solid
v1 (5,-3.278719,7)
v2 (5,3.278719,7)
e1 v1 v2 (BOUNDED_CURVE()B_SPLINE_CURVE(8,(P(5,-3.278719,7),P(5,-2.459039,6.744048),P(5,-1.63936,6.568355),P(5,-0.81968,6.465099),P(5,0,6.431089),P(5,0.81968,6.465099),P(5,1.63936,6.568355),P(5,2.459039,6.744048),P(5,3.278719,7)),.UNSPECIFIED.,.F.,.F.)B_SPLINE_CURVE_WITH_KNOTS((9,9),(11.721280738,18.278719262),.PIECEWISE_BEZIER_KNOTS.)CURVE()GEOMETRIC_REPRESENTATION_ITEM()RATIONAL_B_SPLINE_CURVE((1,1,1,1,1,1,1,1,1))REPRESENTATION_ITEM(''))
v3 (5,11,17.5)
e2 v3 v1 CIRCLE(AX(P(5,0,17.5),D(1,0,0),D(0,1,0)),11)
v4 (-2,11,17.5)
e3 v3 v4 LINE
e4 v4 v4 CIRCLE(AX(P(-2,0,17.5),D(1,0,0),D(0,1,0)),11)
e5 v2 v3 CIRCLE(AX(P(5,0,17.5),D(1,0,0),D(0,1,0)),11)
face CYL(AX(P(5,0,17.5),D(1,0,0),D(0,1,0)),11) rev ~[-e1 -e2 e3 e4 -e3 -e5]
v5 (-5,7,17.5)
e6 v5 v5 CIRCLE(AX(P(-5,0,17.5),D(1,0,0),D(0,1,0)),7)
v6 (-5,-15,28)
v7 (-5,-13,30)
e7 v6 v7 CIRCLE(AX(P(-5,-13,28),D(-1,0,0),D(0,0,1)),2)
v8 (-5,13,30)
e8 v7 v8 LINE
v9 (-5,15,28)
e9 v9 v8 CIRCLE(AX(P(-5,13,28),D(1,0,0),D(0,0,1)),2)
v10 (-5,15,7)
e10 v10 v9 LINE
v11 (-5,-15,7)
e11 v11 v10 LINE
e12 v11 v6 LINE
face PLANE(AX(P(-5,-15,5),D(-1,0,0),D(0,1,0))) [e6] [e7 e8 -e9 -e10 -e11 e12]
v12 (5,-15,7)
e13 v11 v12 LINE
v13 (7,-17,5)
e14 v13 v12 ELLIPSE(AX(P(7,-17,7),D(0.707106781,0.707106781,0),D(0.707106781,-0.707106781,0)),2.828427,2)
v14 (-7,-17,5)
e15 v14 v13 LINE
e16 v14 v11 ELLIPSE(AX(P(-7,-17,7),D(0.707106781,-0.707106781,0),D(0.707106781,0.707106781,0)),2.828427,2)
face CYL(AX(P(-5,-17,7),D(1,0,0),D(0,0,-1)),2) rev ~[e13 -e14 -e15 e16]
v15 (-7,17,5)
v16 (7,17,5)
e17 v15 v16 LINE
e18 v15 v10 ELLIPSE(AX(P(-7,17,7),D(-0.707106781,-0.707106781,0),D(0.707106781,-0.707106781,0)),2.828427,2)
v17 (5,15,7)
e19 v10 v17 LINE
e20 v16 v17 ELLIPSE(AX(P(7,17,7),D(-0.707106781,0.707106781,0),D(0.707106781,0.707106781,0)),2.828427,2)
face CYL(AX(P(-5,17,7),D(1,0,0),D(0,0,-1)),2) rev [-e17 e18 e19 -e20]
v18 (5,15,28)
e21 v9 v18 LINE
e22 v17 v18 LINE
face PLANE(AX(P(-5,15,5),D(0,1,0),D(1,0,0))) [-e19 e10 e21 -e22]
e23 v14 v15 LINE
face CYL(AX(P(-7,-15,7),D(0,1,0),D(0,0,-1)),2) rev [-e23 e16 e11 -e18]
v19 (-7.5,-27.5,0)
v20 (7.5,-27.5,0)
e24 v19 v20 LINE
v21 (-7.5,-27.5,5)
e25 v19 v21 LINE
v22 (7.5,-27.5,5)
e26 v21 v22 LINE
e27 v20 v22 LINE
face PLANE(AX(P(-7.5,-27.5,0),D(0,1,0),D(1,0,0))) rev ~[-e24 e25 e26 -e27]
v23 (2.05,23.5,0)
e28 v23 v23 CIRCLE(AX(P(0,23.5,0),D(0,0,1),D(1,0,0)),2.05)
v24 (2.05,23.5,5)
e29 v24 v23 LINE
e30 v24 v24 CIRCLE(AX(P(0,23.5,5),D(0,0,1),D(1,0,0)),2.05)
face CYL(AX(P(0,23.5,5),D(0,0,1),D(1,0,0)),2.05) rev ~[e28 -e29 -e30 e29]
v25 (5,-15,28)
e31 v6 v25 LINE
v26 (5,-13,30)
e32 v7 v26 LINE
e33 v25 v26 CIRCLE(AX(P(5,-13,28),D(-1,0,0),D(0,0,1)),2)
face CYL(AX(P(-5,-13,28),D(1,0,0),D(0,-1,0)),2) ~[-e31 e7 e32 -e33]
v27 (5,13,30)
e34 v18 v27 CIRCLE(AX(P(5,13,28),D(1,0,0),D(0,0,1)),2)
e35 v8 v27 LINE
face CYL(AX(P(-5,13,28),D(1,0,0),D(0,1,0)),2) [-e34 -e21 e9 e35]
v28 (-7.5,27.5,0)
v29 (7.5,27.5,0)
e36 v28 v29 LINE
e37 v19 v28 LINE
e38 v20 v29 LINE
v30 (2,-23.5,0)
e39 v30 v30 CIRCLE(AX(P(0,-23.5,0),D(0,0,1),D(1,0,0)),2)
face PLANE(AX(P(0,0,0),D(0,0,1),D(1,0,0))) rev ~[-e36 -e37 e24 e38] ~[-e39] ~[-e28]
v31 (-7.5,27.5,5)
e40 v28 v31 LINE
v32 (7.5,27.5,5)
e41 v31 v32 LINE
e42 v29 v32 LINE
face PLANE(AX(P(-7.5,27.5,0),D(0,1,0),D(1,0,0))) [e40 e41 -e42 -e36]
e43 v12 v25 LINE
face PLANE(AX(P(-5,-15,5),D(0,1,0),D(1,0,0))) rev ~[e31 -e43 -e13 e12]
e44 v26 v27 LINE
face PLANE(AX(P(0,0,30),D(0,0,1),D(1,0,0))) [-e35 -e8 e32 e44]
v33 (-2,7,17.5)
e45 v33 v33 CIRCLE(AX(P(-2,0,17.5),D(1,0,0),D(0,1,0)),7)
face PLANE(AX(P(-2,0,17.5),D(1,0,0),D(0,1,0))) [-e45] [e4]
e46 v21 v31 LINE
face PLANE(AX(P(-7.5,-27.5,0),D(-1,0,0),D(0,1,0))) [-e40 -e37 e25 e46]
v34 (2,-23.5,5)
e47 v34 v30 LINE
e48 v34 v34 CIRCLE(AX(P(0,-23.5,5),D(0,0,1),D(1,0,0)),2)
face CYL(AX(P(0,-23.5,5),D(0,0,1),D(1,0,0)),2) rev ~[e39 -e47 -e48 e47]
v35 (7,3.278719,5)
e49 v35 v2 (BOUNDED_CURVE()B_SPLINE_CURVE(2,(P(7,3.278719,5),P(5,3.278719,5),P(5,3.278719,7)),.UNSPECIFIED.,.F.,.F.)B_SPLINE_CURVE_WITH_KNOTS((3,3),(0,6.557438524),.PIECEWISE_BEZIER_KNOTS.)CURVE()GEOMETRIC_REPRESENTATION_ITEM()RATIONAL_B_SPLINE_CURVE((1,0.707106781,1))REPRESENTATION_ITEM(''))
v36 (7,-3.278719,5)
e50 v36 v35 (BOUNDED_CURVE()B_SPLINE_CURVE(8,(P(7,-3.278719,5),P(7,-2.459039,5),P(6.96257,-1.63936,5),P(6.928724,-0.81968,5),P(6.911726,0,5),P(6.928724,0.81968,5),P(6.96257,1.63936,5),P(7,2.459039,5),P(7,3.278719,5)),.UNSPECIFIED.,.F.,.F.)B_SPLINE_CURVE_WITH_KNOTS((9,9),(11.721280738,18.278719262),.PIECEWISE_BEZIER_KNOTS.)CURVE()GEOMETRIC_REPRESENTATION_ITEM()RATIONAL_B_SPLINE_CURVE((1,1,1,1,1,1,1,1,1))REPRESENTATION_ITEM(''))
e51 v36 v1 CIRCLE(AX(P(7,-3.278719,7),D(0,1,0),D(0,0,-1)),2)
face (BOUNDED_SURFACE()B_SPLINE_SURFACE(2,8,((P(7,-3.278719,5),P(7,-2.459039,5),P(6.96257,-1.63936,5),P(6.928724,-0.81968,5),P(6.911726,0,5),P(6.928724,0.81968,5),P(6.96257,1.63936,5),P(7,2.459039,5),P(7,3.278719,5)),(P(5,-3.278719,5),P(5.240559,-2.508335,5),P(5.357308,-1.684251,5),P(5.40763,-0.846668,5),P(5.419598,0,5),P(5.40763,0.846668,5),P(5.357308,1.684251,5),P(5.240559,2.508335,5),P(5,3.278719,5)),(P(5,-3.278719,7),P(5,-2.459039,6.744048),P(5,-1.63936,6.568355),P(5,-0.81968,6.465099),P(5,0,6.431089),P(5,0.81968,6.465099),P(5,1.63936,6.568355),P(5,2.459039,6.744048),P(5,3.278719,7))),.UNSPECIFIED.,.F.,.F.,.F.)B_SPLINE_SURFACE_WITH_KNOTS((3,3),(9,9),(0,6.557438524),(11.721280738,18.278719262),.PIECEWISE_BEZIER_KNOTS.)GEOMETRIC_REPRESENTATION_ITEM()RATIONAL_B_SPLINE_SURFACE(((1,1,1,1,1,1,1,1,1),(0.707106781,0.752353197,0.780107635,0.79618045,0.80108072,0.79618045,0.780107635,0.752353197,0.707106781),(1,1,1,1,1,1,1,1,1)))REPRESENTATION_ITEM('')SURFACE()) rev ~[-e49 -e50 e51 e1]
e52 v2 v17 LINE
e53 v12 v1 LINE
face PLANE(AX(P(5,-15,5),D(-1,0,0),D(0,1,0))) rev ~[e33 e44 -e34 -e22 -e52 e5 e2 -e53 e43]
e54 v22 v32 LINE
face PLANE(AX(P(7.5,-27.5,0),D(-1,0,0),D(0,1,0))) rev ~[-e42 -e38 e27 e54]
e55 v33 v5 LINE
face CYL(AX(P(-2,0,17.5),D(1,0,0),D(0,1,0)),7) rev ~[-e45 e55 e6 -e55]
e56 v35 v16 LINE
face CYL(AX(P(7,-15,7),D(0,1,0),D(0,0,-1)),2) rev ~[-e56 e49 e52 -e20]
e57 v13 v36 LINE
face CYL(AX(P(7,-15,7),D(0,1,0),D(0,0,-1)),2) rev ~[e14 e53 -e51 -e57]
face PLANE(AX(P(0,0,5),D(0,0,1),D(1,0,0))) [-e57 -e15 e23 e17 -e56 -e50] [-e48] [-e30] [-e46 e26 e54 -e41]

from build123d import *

# Parameters (mm, degrees)
F0_W      = 15
F0_H      = 55
F1_DEPTH  = 5
F2_W      = 10
F2_H      = 30
F3_DEPTH  = 25
F4_R      = 11
F5_DEPTH  = 7
F6_R      = 2
F6_R_2    = 2.05
F7_DEPTH  = 25
F8_R      = 2
F9_R      = 7
F10_DEPTH = 5.501


with BuildPart() as f1:
    # F0 (on Top) → F1 (new body)
    with BuildSketch(Plane.XY):
        Rectangle(F0_W, F0_H)
    extrude(amount=F1_DEPTH)

    # F2 (on face) → F3 (join)
    with BuildSketch(Plane.XY.offset(5)):
        Rectangle(F2_W, F2_H)
    extrude(amount=F3_DEPTH)

    # F4 (on face) → F5 (cut)
    with BuildSketch(Plane.YZ.offset(5)):
        with Locations((0, 17.5)):
            Circle(F4_R)
    extrude(amount=-F5_DEPTH, mode=Mode.SUBTRACT)

    # F6 (on face) → F7 (cut)
    with BuildSketch(Plane.XY.offset(5)):
        with Locations((0, -23.5)):
            Circle(F6_R)
        with Locations((0, 23.5)):
            Circle(F6_R_2)
    extrude(amount=-F7_DEPTH, mode=Mode.SUBTRACT)

    # F8
    f8_edges = [f1.edges().sort_by_distance(p)[0] for p in [
        (0, -15, 30),
        (0, -15, 5),
        (5, 0, 5),
        (0, 15, 30),
        (0, 15, 5),
        (-5, 0, 5),
    ]]
    fillet(f8_edges, radius=F8_R)

    # F9 (on face) → F10 (cut, through all)
    with BuildSketch(Plane.YZ.offset(-2)):
        with Locations((0, 17.5)):
            Circle(F9_R)
    extrude(amount=-F10_DEPTH, mode=Mode.SUBTRACT)


solid = f1.part
